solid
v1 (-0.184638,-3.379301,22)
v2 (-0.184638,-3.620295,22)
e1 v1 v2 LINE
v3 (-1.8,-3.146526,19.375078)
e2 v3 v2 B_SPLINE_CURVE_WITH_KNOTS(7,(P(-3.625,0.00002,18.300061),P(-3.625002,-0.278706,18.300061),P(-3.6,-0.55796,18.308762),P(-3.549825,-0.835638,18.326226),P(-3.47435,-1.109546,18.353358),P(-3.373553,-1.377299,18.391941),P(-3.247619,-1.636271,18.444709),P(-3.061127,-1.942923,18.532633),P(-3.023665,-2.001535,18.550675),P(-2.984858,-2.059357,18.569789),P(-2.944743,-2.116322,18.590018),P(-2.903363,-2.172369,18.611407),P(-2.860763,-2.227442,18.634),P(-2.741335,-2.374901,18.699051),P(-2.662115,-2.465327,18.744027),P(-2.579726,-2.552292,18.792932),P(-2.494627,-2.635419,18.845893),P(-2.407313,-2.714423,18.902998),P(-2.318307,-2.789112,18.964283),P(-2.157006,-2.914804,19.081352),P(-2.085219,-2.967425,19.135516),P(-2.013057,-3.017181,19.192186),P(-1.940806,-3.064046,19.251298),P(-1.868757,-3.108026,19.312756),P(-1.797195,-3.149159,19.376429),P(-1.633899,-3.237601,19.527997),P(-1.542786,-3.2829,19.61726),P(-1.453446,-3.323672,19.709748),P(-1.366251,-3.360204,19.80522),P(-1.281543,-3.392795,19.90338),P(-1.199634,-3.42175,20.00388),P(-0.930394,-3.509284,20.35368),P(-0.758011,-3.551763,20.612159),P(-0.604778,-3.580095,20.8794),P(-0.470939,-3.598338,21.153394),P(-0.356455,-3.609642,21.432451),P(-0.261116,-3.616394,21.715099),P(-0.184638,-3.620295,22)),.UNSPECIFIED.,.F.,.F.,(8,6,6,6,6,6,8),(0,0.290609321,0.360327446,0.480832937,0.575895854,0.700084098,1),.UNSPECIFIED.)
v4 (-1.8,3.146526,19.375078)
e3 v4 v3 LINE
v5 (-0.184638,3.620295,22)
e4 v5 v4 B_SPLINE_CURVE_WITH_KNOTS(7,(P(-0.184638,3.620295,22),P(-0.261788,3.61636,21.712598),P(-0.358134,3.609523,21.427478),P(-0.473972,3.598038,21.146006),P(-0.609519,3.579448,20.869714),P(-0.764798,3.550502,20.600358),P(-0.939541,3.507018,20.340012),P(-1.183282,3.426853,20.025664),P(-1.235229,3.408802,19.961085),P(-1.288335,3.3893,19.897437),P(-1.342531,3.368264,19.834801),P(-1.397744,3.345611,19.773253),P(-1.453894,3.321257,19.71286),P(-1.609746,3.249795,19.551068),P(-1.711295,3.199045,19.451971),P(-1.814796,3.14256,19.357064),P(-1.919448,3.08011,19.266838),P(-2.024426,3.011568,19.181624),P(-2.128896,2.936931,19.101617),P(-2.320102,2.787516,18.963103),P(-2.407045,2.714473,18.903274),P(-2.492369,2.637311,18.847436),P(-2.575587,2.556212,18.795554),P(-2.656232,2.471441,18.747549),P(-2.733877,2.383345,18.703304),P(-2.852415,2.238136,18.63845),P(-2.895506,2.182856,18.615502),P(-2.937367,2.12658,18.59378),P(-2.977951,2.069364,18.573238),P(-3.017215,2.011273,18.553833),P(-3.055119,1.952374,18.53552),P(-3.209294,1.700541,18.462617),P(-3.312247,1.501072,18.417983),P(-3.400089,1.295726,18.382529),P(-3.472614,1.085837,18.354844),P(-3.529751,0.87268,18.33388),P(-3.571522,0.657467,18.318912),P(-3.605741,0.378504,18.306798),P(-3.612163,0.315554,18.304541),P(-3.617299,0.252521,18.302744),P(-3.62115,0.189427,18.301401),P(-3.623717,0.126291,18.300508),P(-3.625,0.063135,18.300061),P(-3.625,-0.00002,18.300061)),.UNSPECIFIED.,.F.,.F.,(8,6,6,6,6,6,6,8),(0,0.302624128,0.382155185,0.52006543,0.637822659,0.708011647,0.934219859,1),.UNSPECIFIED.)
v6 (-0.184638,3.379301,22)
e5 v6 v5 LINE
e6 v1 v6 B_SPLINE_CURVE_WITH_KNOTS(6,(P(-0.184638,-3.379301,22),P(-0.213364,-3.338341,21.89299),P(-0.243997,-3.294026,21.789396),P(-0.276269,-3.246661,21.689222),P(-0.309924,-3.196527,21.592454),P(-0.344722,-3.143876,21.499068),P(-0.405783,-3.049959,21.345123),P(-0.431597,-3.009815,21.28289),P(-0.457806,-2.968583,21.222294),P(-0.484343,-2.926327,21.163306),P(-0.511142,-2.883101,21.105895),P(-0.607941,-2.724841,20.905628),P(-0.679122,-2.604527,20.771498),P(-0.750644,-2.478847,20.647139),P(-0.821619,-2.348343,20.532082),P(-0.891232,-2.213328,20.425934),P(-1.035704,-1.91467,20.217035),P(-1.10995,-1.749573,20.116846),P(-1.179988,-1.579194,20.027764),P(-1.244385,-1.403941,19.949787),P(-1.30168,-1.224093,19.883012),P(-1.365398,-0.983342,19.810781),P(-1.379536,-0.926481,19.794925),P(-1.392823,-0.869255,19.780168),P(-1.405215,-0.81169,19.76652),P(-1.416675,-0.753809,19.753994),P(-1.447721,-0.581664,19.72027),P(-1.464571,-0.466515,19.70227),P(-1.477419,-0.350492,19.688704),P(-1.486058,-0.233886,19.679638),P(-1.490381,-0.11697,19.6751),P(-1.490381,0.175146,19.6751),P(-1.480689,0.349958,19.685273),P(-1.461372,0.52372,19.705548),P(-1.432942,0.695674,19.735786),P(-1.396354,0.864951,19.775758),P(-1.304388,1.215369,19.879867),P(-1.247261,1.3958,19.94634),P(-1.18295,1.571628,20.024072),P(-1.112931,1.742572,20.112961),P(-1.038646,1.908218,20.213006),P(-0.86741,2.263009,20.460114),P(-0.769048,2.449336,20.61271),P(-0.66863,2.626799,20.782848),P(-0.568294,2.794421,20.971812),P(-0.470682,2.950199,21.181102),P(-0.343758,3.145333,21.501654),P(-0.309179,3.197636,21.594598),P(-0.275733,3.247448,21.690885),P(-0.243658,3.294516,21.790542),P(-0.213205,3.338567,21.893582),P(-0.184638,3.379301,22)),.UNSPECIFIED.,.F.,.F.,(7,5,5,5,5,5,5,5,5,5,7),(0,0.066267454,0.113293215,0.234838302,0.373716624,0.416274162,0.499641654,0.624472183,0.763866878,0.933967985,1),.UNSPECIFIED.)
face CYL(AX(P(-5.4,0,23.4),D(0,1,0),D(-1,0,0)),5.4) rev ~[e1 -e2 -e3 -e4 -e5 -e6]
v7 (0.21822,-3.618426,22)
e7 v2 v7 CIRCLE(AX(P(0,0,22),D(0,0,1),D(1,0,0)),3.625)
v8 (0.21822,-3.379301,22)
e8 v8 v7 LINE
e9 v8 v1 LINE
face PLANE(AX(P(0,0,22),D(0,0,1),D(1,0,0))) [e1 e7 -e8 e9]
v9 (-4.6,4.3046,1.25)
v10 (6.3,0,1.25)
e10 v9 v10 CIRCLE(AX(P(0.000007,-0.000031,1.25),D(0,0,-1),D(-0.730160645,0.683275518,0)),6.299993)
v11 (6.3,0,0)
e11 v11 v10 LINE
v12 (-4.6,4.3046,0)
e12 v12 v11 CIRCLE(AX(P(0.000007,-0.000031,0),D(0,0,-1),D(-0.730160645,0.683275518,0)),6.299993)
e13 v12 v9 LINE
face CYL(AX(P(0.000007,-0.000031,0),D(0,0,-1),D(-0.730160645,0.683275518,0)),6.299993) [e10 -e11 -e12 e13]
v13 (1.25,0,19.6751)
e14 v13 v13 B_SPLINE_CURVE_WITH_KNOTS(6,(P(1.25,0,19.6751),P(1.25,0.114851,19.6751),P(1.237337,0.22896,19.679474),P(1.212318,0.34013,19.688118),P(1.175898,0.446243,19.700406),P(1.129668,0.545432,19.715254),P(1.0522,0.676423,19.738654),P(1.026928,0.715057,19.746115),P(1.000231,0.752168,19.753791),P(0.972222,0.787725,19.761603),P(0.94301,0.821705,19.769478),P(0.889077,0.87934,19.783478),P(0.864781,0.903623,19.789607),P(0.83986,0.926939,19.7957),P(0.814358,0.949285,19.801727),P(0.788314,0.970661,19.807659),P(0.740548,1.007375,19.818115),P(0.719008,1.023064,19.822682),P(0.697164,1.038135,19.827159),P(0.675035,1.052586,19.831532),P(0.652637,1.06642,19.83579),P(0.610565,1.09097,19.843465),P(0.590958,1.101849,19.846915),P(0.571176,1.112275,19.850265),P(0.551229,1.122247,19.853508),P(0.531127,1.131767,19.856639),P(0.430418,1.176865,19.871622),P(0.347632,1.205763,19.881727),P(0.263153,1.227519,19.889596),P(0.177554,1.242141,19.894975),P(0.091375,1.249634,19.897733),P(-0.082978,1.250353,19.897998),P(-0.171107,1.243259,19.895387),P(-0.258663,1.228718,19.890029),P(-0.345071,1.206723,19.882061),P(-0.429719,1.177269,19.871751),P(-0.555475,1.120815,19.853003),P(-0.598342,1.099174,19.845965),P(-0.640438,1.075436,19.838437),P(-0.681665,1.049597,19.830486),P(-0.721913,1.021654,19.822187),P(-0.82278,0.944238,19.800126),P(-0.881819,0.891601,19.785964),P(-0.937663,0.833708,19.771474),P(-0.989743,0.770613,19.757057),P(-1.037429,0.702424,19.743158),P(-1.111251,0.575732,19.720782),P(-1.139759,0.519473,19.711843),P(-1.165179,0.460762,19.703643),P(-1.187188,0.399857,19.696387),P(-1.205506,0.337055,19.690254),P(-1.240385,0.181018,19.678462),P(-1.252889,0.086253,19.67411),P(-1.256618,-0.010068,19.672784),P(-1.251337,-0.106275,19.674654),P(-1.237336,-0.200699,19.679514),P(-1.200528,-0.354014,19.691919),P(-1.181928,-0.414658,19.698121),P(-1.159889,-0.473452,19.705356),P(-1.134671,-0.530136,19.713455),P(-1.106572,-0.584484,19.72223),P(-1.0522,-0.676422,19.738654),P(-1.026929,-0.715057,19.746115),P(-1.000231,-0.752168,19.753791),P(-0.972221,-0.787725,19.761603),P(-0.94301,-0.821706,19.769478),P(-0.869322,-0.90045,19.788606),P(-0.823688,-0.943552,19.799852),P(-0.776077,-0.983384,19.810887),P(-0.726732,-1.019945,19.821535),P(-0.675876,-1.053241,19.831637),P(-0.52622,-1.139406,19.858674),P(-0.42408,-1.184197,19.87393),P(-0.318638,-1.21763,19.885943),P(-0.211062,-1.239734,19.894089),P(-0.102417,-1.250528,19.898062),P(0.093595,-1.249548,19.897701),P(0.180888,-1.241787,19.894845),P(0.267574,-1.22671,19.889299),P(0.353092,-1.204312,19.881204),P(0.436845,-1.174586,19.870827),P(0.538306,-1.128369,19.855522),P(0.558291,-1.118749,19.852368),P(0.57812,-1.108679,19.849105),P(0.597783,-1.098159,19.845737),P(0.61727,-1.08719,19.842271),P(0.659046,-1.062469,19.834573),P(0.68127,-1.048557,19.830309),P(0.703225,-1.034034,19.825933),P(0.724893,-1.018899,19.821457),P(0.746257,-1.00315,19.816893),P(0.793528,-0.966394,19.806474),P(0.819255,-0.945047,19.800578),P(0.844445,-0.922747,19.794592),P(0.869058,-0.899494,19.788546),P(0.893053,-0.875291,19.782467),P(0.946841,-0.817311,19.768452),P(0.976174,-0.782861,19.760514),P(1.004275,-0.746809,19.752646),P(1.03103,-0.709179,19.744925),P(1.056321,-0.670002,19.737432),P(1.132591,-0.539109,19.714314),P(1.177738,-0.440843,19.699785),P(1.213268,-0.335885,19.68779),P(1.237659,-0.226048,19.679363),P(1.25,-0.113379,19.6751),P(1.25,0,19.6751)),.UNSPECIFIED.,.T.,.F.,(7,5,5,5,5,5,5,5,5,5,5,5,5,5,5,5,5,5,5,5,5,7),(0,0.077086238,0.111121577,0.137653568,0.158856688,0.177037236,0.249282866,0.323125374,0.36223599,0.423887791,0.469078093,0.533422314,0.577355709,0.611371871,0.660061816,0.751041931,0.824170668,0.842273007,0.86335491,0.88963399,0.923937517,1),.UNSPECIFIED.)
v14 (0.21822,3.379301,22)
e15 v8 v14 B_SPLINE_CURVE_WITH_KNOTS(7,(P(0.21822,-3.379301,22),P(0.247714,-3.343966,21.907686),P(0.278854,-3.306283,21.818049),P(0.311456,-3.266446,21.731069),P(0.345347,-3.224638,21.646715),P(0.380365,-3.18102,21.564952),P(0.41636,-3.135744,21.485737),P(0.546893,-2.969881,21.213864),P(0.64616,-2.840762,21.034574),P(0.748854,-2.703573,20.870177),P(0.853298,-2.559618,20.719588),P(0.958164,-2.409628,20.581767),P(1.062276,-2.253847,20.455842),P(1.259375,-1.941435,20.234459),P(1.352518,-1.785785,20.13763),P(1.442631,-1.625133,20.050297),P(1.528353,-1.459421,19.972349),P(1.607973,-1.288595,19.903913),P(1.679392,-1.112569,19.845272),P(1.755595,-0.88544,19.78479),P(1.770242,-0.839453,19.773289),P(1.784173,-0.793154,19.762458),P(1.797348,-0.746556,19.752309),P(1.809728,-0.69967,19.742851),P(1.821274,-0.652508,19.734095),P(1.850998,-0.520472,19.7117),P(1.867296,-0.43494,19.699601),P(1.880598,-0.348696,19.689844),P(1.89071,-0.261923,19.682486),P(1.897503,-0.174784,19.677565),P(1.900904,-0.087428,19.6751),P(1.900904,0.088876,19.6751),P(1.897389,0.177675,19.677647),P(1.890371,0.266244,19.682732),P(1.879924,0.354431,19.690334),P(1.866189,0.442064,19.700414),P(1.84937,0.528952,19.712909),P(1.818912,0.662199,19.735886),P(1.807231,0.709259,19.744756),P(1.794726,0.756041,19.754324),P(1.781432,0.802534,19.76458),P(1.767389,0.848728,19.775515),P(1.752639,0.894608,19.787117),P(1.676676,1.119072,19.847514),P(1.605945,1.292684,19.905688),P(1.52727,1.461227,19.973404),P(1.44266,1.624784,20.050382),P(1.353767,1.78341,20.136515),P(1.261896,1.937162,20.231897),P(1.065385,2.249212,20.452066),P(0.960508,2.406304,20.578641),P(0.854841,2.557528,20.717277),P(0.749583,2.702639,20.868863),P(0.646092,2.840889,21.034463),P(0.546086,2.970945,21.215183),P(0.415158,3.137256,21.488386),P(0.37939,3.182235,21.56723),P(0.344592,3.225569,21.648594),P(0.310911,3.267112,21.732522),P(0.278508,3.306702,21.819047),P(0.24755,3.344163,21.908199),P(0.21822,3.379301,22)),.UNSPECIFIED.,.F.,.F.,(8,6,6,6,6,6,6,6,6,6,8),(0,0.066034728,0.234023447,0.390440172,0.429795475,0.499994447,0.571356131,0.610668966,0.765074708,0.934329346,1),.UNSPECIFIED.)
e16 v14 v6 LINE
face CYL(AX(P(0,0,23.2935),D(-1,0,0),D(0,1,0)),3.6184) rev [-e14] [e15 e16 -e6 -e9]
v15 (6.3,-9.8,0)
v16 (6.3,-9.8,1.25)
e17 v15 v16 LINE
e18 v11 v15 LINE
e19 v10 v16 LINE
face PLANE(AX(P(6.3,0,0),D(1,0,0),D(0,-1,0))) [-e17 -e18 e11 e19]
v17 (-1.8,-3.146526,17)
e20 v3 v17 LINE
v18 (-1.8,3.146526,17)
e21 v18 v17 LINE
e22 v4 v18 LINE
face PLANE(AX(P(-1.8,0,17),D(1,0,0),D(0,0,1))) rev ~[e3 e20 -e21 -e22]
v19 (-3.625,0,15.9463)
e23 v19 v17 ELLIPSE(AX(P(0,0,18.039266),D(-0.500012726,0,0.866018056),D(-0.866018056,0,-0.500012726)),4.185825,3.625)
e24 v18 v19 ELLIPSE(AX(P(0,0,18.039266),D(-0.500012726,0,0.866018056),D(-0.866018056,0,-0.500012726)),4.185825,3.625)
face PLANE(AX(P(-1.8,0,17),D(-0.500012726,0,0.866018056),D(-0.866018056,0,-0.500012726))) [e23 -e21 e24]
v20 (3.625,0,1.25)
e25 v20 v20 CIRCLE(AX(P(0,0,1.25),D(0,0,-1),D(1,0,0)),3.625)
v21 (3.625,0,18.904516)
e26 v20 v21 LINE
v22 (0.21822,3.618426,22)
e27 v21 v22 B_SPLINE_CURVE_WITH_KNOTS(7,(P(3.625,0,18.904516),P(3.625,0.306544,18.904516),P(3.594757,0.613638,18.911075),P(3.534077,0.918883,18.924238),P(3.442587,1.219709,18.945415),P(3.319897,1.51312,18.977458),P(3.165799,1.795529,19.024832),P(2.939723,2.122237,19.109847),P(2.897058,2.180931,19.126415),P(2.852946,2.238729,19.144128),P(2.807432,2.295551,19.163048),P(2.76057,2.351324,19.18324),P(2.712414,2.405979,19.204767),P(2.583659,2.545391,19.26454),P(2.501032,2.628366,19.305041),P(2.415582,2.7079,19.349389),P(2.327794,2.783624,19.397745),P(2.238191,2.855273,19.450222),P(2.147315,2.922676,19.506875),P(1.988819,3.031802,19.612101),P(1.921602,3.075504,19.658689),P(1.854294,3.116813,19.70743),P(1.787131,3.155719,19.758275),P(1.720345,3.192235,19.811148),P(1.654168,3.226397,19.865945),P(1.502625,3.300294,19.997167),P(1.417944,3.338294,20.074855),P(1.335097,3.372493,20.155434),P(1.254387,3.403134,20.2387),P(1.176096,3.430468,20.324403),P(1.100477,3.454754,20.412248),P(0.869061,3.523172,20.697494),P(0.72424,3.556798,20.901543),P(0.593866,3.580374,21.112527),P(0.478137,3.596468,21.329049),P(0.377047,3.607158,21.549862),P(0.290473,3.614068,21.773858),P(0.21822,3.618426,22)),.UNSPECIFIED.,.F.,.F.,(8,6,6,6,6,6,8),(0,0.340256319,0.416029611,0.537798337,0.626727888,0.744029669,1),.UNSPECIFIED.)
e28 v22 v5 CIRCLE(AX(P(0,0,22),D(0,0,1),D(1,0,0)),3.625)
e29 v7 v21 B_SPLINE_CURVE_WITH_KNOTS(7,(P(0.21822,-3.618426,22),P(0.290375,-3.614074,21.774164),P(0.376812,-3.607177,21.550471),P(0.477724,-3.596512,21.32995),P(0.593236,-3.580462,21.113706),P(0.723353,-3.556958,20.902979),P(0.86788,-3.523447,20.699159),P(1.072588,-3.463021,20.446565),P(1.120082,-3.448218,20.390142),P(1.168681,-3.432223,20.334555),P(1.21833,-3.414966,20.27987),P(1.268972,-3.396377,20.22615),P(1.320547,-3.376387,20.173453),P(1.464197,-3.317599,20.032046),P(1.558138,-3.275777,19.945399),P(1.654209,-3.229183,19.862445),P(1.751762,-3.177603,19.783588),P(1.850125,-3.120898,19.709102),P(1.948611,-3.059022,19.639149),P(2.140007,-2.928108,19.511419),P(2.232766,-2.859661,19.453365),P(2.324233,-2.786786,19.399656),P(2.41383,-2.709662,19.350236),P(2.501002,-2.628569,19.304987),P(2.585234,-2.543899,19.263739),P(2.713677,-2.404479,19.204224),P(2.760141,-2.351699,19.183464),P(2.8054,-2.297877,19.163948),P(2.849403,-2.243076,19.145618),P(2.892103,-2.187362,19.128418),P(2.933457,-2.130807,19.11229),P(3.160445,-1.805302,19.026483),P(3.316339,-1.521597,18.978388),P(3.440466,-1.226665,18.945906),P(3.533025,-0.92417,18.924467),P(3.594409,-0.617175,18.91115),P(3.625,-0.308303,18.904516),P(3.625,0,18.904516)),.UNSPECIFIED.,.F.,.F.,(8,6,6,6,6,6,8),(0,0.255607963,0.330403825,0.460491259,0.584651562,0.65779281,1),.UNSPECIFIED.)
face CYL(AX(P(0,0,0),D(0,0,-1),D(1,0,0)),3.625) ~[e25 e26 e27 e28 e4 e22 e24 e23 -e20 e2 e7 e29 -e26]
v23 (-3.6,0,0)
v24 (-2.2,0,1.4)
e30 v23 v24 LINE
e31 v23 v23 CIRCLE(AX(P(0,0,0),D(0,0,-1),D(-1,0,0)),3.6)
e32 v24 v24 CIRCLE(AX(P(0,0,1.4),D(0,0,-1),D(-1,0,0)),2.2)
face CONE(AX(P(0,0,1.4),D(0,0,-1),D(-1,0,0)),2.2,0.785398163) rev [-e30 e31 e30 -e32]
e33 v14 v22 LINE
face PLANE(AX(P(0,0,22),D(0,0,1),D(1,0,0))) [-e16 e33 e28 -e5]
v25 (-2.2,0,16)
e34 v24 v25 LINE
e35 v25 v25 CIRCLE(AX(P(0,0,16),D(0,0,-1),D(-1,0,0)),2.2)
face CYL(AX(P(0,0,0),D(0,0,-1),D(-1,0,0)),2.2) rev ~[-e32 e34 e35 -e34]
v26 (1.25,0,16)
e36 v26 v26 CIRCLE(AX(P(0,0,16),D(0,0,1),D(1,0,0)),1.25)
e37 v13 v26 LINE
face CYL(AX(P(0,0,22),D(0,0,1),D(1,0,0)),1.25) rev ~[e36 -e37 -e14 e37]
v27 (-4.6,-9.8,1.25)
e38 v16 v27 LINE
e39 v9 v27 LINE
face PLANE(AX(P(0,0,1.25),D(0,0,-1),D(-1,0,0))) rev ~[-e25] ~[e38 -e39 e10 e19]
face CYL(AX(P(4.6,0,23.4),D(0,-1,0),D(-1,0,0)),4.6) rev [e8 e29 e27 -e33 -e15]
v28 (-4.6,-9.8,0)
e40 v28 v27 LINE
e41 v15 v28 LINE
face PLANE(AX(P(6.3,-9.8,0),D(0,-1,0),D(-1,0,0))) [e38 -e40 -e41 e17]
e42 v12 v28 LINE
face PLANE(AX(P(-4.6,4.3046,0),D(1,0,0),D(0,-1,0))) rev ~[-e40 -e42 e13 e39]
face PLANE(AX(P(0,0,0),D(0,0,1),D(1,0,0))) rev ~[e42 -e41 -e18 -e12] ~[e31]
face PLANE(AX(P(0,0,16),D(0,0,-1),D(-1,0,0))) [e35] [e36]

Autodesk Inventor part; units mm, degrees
ref_plane "YZ Plane" through (0, 0, 0) normal (1, 0, 0) x (0, 1, 0)
ref_plane "XZ Plane" through (0, 0, 0) normal (0, 1, 0) x (-1, 0, 0)
ref_plane "XY Plane" through (0, 0, 0) normal (0, 0, 1) x (1, 0, 0)
sketch "Sketch1" plane through (0, 0, 0) normal (0, 0, 1) x (1, 0, 0)
  circle A0 centre (0, 0) radius 3.625
  dimension "d0" = 7.25
extrude "Extrusion1" add sketch "Sketch1" along normal blind 22
sketch "Sketch2" plane through (0, 0, 0) normal (0, 0, -1) x (-1, 0, 0)
  arc A0 (4.6, 4.3046) -> (-6.3, 0) centre (0, 0) ccw
  line L0 (4.6, 4.3046) -> (4.6, -9.8)
  line L1 (-6.3, 0) -> (-6.3, -9.8)
  line L2 (-6.3, -9.8) -> (4.6, -9.8)
  dimension "d3" = 6.3
  dimension "d4" = 4.6
  dimension "d5" = 9.8
extrude "Extrusion2" add sketch "Sketch2" against normal blind 1.25
sketch "Sketch3" plane through (0, 0, 0) normal (0, 0, -1) x (-1, 0, 0)
  circle A0 centre (0, 0) radius 2.2
  dimension "d8" = 4.4
extrude "Extrusion3" cut sketch "Sketch3" against normal blind 16
sketch "Sketch4" plane through (0, 0, 22) normal (0, 0, 1) x (1, 0, 0)
  circle A0 centre (0, 0) radius 2.2 projected
  circle A1 centre (0, 0) radius 1.25
  dimension "d11" = 2.5
extrude "Extrusion4" cut sketch "Sketch4" against normal up to next contours A1
chamfer "Chamfer1" distance 1.4 angle 45 1 edges at (2.2, 0, 0)
sketch "Sketch5" plane through (0, 0, 0) normal (0, 1, 0) x (-1, 0, 0)
  line L0 (3.625, 1.25) -> (3.625, 22) projected
  line L1 (-3.625, 1.25) -> (-3.625, 22) projected
  line L2 (3.625, 22) -> (-3.625, 22) projected
  line L3 (3.625, 17) -> (1.8, 17)
  line L4 (1.8, 17) -> (1.8, 22)
  line L5 (1.8, 22) -> (3.625, 22)
  line L6 (3.625, 22) -> (3.625, 17)
  line L7 (-3.6, 0) -> (3.6, 0) projected
  line L8 (1.8, 17) -> (3.625, 15.9463)
  line L9 (3.625, 1.25) -> (3.625, 22) projected
  line L10 (1.8, 17) -> (3.9073, 17) construction
  line L11 (3.625, 15.9463) -> (3.625, 17)
  point P0 (0, 0)
  dimension "d17" = 5.425
  dimension "d18" = 17
  dimension "d21" = 30
extrude "Extrusion5" cut sketch "Sketch5" along normal through all both and the other way through all
sketch "Sketch6" plane through (0, 0, 0) normal (0, 1, 0) x (-1, 0, 0)
  line L0 (1.8, 22) -> (-3.625, 22) projected
  line L1 (-1.25, 22) -> (1.25, 22) projected
  line L2 (0, 22) -> (0, 19.2621) construction
  circle A0 centre (-4.6, 23.4) radius 4.6
  circle A1 centre (5.4, 23.4) radius 5.4
  line L3 (12.1762, 23.4) -> (-11.9471, 23.4)
  point P0 (0, 0)
  dimension "d22" = 4.6
  dimension "d23" = 5.4
  dimension "d24" = 1.4
extrude "Extrusion6" cut sketch "Sketch6" along normal through all both and the other way through all contours A1 L3 | A0 L3 | L3 A0 | A1 L3
sketch "Sketch7" plane through (0, 0, 0) normal (1, 0, 0) x (0, 1, 0)
  line L0 (-3.1465, 19.3751) -> (3.1465, 19.3751) projected
  line L1 (1.2308, 22) -> (3.6184, 22) projected
  line L2 (3.6184, 22) -> (3.6184, 24.6476)
  line L3 (0, 19.6751) -> (0, 24.6476) construction
  circle A0 centre (0, 23.2935) radius 3.6184
  point P0 (0, 0)
  point P1 (0, 19.3751)
  dimension "d29" = 0.3
extrude "Extrusion7" cut sketch "Sketch7" along normal through all both and the other way through all contours A0
properties part number "guide tube"
